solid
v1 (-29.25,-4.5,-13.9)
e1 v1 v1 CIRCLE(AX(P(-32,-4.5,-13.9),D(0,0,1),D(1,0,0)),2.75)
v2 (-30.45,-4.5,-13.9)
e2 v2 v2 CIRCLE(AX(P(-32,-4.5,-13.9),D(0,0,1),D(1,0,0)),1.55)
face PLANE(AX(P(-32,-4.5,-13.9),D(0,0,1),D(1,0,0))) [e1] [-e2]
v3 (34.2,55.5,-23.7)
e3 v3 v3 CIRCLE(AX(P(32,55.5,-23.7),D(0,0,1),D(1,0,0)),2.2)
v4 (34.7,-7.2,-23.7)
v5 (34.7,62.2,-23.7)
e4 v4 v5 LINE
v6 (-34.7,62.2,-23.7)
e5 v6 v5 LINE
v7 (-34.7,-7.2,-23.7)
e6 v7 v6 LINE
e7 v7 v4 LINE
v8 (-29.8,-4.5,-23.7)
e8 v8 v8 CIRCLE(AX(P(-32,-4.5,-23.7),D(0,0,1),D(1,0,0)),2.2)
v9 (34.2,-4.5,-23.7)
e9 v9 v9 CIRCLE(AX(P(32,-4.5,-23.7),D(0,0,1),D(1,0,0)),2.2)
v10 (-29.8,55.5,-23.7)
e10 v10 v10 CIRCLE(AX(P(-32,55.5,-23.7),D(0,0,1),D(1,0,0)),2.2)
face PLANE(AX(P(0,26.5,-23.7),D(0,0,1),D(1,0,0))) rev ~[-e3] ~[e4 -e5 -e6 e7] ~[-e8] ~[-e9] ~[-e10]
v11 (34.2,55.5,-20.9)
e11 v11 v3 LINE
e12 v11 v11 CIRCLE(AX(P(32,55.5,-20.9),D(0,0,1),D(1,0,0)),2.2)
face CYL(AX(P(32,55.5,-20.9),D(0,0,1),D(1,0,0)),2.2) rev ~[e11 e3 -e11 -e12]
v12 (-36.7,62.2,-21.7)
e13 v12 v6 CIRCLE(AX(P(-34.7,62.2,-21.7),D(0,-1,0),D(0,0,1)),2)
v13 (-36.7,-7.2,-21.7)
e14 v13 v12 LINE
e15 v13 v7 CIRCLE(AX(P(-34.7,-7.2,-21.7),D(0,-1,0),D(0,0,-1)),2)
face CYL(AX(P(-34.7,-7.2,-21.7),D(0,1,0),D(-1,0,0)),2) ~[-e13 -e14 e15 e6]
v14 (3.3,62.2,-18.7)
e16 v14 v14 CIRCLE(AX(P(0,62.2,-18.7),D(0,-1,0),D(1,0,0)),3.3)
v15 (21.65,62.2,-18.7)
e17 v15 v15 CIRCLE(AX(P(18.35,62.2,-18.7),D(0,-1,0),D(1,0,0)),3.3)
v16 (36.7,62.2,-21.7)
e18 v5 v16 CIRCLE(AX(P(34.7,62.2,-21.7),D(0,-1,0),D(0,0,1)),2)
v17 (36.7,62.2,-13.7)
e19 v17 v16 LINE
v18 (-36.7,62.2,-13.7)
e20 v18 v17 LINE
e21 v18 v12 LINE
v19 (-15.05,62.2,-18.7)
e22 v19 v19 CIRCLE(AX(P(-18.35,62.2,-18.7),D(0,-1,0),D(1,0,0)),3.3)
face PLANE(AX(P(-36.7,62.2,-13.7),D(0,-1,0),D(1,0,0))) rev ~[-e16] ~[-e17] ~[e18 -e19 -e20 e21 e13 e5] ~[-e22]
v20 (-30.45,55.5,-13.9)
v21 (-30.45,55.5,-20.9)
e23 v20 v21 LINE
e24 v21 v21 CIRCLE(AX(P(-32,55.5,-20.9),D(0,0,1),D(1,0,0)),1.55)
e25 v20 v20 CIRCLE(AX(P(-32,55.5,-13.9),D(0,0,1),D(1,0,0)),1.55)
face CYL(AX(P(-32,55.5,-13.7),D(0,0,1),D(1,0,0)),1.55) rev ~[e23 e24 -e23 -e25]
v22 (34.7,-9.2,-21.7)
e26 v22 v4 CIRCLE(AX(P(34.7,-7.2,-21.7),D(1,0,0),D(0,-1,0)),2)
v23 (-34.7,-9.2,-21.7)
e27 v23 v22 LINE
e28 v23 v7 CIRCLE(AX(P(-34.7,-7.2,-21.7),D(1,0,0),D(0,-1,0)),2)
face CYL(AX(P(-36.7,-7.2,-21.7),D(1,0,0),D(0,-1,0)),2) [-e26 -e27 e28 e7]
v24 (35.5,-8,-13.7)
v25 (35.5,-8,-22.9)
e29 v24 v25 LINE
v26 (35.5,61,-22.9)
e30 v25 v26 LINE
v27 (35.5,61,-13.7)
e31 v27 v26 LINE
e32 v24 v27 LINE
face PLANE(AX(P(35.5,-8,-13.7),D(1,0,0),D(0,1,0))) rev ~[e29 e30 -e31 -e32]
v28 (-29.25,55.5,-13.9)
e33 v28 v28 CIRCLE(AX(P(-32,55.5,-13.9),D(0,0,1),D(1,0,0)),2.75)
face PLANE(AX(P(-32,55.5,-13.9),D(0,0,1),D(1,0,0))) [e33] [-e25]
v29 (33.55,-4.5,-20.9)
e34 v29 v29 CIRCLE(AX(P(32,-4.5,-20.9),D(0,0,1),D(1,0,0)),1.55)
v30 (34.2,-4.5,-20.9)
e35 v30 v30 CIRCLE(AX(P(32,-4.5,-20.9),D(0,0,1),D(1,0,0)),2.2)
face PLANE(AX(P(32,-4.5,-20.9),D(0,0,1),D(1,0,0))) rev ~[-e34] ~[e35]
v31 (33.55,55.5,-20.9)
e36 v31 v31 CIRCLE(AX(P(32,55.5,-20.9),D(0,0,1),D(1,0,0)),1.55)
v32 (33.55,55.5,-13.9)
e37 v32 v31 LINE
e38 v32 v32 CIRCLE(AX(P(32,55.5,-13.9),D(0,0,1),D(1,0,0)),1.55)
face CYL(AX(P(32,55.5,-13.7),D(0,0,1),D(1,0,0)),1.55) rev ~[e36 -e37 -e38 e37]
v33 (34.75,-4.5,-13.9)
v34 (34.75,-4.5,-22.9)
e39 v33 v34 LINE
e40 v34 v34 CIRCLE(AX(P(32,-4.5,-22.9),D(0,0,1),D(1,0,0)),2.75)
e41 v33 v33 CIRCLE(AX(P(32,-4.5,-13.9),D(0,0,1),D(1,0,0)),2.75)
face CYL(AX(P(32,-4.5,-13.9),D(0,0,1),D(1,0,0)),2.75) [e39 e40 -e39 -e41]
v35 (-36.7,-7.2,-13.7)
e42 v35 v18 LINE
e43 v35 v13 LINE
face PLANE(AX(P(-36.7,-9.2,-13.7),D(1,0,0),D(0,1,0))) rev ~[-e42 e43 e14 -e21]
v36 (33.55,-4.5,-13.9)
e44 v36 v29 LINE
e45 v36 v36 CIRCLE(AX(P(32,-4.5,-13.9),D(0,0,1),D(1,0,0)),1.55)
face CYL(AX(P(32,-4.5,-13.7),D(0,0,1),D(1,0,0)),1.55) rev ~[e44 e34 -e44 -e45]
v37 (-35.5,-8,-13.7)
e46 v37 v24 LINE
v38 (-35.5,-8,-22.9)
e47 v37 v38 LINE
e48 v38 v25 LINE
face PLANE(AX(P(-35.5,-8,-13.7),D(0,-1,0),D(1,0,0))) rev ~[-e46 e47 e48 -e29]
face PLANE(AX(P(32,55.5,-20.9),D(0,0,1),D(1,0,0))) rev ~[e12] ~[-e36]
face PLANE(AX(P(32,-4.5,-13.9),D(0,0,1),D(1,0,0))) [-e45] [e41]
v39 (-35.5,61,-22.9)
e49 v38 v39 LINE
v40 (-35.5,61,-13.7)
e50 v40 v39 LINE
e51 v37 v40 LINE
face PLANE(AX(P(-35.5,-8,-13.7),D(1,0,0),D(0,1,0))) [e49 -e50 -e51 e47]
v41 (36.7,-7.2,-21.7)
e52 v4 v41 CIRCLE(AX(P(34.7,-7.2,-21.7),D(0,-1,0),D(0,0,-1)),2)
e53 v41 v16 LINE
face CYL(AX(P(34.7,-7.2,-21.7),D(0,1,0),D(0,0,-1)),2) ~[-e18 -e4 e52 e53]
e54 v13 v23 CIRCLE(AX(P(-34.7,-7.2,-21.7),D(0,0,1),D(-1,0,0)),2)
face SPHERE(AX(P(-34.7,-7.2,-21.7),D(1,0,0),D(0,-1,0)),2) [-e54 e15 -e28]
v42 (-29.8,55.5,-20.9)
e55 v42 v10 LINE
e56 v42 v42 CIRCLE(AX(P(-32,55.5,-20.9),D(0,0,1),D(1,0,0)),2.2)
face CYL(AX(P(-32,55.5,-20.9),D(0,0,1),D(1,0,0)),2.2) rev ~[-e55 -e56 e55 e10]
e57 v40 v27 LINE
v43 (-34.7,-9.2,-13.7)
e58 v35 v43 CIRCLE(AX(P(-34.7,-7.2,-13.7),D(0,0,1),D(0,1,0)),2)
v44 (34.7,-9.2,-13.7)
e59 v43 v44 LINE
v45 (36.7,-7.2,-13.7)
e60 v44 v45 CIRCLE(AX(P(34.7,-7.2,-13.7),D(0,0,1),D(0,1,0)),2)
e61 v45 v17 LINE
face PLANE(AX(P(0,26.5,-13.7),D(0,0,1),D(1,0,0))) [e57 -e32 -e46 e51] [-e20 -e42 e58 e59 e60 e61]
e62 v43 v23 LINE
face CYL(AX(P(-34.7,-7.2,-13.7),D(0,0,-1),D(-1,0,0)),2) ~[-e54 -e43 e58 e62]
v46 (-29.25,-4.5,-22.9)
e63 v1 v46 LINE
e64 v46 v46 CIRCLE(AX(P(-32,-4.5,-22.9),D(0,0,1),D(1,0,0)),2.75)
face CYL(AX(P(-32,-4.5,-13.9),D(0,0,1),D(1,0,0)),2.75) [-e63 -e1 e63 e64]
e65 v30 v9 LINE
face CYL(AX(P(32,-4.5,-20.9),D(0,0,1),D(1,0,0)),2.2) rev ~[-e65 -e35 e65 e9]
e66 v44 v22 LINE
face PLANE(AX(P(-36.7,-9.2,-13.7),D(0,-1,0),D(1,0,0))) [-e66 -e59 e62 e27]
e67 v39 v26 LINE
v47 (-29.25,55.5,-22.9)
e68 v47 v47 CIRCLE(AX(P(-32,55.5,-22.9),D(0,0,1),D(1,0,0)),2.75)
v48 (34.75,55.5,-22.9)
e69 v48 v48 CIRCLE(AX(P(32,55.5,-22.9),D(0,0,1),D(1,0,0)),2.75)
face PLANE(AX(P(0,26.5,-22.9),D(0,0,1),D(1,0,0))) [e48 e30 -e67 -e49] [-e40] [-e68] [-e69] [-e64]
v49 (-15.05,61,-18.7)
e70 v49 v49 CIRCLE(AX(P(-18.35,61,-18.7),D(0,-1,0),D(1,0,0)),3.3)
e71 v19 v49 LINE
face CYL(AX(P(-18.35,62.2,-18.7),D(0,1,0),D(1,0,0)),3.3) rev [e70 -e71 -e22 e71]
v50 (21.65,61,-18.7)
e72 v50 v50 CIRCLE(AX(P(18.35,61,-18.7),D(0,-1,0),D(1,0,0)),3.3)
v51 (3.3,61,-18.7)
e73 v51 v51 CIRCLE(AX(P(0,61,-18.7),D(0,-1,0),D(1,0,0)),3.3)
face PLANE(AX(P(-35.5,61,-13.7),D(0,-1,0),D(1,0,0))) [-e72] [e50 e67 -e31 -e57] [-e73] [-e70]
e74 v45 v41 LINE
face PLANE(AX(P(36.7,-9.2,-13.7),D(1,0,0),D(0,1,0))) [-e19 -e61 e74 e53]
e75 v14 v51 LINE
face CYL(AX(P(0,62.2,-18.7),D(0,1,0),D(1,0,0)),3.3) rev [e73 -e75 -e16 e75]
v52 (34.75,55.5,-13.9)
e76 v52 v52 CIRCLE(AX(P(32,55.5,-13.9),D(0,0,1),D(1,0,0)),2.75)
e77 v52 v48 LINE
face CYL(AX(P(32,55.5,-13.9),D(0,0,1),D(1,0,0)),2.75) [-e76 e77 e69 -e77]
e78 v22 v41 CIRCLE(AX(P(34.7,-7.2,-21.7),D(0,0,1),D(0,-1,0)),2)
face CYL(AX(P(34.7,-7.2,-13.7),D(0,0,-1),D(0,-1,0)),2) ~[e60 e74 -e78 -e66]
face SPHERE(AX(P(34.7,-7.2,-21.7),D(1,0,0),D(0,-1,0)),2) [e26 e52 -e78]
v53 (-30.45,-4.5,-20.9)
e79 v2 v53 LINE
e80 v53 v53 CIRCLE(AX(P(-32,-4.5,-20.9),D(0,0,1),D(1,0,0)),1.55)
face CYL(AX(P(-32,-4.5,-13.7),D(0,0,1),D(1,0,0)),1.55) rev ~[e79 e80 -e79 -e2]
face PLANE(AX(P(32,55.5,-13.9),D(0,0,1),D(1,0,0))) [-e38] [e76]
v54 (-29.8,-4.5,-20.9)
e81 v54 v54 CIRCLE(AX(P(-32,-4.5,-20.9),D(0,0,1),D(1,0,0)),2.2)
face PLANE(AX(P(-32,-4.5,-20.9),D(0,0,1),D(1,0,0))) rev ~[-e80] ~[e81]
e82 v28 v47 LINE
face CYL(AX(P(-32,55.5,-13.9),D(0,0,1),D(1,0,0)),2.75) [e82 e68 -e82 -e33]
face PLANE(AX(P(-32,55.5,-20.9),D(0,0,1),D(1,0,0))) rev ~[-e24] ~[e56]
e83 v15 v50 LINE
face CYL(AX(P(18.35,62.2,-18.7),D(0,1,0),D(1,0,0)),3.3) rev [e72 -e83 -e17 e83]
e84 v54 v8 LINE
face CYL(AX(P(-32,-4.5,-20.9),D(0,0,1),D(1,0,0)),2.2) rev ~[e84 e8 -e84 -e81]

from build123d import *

# Parameters (mm, degrees)
SKETCH074_W     = 73.4
SKETCH074_H     = 71.4
PAD024_DEPTH    = 10
SKETCH075_W     = 71
SKETCH075_H     = 69
POCKET045_DEPTH = 9.2
SKETCH076_R     = 3.3
POCKET046_DEPTH = 1.2
SKETCH077_R     = 2.75
PAD025_DEPTH    = 9.8
SKETCH078_R     = 1.55
POCKET047_DEPTH = 10
SKETCH079_R     = 2.2
POCKET048_DEPTH = 2.8
FILLET001_R     = 2
FILLET002_R     = 2
FILLET003_R     = 2


with BuildPart() as part:
    # Sketch074 (on XY_Plane416 of Origin554) → Pad024 (new body)
    with BuildSketch(Plane.XY):
        with Locations((0, 26.5)):
            Rectangle(SKETCH074_W, SKETCH074_H)
    extrude(amount=-PAD024_DEPTH)

    # Sketch075 (on XY_Plane416 of Origin554) → Pocket045 (cut)
    with BuildSketch(Plane.XY):
        with Locations((0, 26.5)):
            Rectangle(SKETCH075_W, SKETCH075_H)
    extrude(amount=-POCKET045_DEPTH, mode=Mode.SUBTRACT)

    # Sketch076 (on XZ_Plane416 of Origin554) → Pocket046 (cut)
    with BuildSketch(Plane.XZ.offset(-62.2)):
        with Locations((18.35, -5)):
            Circle(SKETCH076_R)
        with Locations((0, -5)):
            Circle(SKETCH076_R)
        with Locations((-18.35, -5)):
            Circle(SKETCH076_R)
    extrude(amount=POCKET046_DEPTH, mode=Mode.SUBTRACT)

    # Sketch077 (on XY_Plane416 of Origin554) → Pad025 (join)
    with BuildSketch(Plane.XY.offset(-0.2)):
        with Locations((-32, 55.5)):
            Circle(SKETCH077_R)
        with Locations((32, 55.5)):
            Circle(SKETCH077_R)
        with Locations((32, -4.5)):
            Circle(SKETCH077_R)
        with Locations((-32, -4.5)):
            Circle(SKETCH077_R)
    extrude(amount=-PAD025_DEPTH)

    # Sketch078 (on XY_Plane416 of Origin554) → Pocket047 (cut)
    with BuildSketch(Plane.XY):
        with Locations((32, 55.5)):
            Circle(SKETCH078_R)
        with Locations((-32, 55.5)):
            Circle(SKETCH078_R)
        with Locations((-32, -4.5)):
            Circle(SKETCH078_R)
        with Locations((32, -4.5)):
            Circle(SKETCH078_R)
    extrude(amount=-POCKET047_DEPTH, mode=Mode.SUBTRACT)

    # Sketch079 (on XY_Plane416 of Origin554) → Pocket048 (cut)
    with BuildSketch(Plane.XY.offset(-7.2)):
        with Locations((-32, 55.5)):
            Circle(SKETCH079_R)
        with Locations((32, 55.5)):
            Circle(SKETCH079_R)
        with Locations((32, -4.5)):
            Circle(SKETCH079_R)
        with Locations((-32, -4.5)):
            Circle(SKETCH079_R)
    extrude(amount=-POCKET048_DEPTH, mode=Mode.SUBTRACT)

    # Fillet001
    fillet001_edges = [part.edges().sort_by_distance(p)[0] for p in [
        (0, -9.2, -10),
    ]]
    fillet(fillet001_edges, radius=FILLET001_R)

    # Fillet002
    fillet002_edges = [part.edges().sort_by_distance(p)[0] for p in [
        (36.7, 27.5, -10),
    ]]
    fillet(fillet002_edges, radius=FILLET002_R)

    # Fillet003
    fillet003_edges = [part.edges().sort_by_distance(p)[0] for p in [
        (-36.7, 27.5, -10),
    ]]
    fillet(fillet003_edges, radius=FILLET003_R)


with BuildPart() as part_1:
    # Body005 placement: moved
    add(part.part.moved(Location((0, 0, -13.7))))


solid = part_1.part
